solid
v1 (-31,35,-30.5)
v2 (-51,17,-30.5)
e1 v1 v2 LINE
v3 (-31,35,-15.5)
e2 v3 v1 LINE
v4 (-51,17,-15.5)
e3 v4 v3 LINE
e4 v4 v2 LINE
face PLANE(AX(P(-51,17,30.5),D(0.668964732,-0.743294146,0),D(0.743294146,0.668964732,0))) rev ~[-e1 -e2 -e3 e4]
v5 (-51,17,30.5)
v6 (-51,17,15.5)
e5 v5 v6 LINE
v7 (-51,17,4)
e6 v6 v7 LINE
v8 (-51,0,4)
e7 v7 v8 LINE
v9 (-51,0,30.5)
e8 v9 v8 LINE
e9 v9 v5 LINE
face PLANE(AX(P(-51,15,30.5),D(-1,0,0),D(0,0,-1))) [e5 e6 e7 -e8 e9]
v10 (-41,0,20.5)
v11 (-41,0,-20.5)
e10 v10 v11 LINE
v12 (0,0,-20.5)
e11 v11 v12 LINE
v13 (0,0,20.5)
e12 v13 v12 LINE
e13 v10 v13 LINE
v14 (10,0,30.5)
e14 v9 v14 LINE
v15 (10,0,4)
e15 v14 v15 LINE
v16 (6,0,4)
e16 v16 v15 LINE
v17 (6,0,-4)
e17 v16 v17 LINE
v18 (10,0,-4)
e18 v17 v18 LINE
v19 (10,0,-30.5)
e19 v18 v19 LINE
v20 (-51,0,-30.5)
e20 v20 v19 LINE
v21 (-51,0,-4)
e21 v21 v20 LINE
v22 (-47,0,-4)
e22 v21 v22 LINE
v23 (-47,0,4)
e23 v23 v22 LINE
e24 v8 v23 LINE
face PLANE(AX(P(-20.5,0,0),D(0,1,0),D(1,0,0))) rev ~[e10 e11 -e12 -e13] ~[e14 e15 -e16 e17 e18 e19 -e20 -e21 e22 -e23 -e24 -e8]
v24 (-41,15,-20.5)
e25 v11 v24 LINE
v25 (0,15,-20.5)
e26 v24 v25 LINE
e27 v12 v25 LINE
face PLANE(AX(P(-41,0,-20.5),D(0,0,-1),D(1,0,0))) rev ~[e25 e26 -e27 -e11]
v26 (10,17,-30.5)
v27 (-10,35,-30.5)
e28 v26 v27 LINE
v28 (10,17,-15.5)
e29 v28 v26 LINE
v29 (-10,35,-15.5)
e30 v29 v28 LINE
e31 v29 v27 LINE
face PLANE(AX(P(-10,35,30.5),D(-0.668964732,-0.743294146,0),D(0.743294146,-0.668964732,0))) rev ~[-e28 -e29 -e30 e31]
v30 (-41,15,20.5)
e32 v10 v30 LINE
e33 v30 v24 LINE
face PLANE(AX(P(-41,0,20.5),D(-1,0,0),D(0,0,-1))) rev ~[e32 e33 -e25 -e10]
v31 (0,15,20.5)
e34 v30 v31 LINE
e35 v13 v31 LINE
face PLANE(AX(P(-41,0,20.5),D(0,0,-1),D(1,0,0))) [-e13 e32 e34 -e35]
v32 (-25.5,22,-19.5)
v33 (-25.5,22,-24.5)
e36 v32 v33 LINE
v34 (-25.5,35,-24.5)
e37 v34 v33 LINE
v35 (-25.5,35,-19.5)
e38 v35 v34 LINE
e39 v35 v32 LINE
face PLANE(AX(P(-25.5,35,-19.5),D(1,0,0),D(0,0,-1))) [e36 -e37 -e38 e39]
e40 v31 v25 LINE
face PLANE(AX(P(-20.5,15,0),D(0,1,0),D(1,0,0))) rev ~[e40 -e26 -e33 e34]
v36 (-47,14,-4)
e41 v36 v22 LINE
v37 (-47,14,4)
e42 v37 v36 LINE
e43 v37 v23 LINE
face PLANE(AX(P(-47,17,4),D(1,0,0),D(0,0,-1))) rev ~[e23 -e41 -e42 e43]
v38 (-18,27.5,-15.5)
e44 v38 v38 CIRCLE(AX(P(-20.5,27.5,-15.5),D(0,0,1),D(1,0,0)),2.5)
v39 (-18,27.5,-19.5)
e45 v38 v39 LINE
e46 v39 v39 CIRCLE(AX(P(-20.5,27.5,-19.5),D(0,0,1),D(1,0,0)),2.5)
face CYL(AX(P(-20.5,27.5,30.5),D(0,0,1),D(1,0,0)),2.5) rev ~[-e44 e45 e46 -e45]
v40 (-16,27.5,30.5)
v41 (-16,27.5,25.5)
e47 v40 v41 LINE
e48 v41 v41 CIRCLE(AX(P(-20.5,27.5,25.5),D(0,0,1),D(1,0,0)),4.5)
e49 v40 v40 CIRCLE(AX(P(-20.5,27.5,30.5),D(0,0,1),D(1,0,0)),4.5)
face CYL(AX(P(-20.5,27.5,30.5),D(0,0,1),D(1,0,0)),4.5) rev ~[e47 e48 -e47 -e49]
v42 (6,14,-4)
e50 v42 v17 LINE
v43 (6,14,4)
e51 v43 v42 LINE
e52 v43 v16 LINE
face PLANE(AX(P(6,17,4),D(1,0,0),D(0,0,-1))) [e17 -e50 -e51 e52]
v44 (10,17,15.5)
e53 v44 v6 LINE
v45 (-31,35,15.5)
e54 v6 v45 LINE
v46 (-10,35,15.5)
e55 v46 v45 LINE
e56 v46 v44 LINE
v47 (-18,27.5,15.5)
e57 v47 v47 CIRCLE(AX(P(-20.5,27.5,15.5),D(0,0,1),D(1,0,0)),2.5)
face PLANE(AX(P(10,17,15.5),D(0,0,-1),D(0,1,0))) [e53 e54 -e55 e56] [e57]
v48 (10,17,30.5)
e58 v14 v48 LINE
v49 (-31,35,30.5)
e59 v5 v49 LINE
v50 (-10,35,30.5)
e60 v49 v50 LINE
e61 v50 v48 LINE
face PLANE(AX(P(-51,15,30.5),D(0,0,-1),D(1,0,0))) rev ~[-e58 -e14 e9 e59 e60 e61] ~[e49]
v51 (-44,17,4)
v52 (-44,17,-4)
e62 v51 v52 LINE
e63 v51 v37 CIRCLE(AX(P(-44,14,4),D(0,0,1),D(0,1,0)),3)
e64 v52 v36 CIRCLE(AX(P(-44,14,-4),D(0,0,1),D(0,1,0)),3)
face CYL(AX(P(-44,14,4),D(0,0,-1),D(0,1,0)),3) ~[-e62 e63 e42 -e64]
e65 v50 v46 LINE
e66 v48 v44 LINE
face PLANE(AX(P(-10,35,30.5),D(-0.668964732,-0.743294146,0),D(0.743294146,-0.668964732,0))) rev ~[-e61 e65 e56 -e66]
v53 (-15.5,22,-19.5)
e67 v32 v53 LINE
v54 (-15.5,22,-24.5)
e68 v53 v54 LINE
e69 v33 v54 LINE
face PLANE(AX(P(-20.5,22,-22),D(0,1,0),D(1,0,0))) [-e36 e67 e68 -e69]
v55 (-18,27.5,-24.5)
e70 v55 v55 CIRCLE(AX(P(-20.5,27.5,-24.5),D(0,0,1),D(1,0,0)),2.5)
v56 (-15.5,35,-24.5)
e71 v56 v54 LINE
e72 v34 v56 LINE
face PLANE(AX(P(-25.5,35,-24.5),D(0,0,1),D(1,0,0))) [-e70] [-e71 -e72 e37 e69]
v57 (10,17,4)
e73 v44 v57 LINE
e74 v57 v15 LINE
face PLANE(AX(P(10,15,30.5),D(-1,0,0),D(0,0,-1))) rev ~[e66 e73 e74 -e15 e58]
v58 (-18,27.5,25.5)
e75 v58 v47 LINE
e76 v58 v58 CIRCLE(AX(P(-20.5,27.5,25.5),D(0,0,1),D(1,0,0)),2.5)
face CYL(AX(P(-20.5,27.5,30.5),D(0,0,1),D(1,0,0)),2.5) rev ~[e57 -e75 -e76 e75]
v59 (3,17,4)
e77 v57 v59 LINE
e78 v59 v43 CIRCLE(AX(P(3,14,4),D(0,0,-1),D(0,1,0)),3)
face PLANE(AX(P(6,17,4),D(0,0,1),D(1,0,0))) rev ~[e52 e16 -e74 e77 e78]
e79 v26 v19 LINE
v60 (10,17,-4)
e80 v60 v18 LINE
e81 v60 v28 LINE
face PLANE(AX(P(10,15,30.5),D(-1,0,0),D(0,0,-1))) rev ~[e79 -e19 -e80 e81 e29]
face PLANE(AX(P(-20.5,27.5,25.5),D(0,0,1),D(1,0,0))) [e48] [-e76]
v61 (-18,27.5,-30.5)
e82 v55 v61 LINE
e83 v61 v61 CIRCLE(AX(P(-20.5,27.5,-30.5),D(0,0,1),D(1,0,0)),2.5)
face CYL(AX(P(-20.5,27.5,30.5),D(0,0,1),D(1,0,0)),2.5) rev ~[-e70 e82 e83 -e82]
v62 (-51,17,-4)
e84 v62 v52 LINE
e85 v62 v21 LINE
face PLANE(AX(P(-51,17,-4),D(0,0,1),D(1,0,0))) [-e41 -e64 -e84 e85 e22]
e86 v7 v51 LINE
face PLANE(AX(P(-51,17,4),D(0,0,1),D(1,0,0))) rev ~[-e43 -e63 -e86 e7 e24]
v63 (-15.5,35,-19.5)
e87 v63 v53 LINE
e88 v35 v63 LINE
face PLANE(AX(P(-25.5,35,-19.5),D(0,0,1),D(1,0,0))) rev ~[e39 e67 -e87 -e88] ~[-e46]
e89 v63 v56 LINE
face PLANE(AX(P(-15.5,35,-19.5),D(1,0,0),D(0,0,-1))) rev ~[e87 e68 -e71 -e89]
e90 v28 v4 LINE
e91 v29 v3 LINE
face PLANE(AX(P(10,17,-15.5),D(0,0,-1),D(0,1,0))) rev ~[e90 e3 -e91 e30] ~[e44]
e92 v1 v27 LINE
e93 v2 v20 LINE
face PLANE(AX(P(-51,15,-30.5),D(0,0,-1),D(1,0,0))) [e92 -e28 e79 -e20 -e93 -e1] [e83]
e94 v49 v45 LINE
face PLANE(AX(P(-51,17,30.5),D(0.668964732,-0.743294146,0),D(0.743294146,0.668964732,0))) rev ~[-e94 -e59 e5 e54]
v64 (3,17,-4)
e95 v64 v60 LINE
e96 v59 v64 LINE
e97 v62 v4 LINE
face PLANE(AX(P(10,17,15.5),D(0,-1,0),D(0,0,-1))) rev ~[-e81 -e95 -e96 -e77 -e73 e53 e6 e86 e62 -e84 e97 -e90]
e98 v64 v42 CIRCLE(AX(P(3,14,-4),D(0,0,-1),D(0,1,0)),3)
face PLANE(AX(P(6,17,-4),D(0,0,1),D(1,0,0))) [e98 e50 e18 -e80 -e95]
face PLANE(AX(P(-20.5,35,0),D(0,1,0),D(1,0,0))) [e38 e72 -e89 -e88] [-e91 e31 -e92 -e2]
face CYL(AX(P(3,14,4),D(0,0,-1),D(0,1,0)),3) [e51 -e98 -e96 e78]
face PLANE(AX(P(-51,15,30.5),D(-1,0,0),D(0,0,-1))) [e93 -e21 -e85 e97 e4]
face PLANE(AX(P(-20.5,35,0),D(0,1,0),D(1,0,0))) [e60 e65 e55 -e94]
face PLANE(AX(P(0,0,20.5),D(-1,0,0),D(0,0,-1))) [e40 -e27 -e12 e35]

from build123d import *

# Parameters (mm, degrees)
SKETCH1_W           = 61
SKETCH1_H           = 61
SKETCH1_W_2         = 41
SKETCH1_H_2         = 41
BOSS_EXTRUDE1_DEPTH = 15
SKETCH2_W           = 61
SKETCH2_H           = 61
BOSS_EXTRUDE2_DEPTH = 20
SKETCH3_R           = 2.5
CUT_EXTRUDE1_DEPTH  = 90
SKETCH5_W           = 31
SKETCH5_H           = 18
CUT_EXTRUDE2_DEPTH  = 90
SKETCH6_W           = 4
SKETCH6_H           = 8
CUT_EXTRUDE3_DEPTH  = 90
SKETCH7_R           = 4.5
CUT_EXTRUDE4_DEPTH  = 5
SKETCH8_W           = 10
SKETCH8_H           = 5
CUT_EXTRUDE5_DEPTH  = 13
FILLET1_R           = 3


with BuildPart() as part:
    # Sketch1 → Boss-Extrude1 (new body)
    with BuildSketch(Plane(origin=(0, 0, 0), x_dir=(1, 0, 0), z_dir=(0, 1, 0))):
        with Locations((-20.5, 0)):
            Rectangle(SKETCH1_W, SKETCH1_H)
        with Locations((-20.5, 0)):
            Rectangle(SKETCH1_W_2, SKETCH1_H_2, mode=Mode.SUBTRACT)
    extrude(amount=BOSS_EXTRUDE1_DEPTH)

    # Sketch2 → Boss-Extrude2 (add)
    with BuildSketch(Plane(origin=(0, 15, 0), x_dir=(1, 0, 0), z_dir=(0, 1, 0))):
        with Locations((-20.5, 0)):
            Rectangle(SKETCH2_W, SKETCH2_H)
    extrude(amount=BOSS_EXTRUDE2_DEPTH)

    # Sketch3 → Cut-Extrude1 (cut)
    with BuildSketch(Plane.XY.offset(30.5)):
        with Locations((-20.5, 27.5)):
            Circle(SKETCH3_R)
        Polygon((-51, 17), (-31, 35), (-51, 35), align=None)
        Polygon((-10, 35), (10, 17), (10, 35), align=None)
    extrude(amount=-CUT_EXTRUDE1_DEPTH, mode=Mode.SUBTRACT)

    # Sketch5 → Cut-Extrude2 (cut)
    with BuildSketch(Plane(origin=(10, 0, 0), x_dir=(0, 0, -1), z_dir=(1, 0, 0))):
        with Locations((0, 26)):
            Rectangle(SKETCH5_W, SKETCH5_H)
    extrude(amount=-CUT_EXTRUDE2_DEPTH, mode=Mode.SUBTRACT)

    # Sketch6 → Cut-Extrude3 (cut)
    with BuildSketch(Plane(origin=(0, 17, 0), x_dir=(1, 0, 0), z_dir=(0, 1, 0))):
        with Locations((-49, 0)):
            Rectangle(SKETCH6_W, SKETCH6_H)
        with Locations((8, 0)):
            Rectangle(SKETCH6_W, SKETCH6_H)
    extrude(amount=-CUT_EXTRUDE3_DEPTH, mode=Mode.SUBTRACT)

    # Sketch7 → Cut-Extrude4 (cut)
    with BuildSketch(Plane.XY.offset(30.5)):
        with Locations((-20.5, 27.5)):
            Circle(SKETCH7_R)
    extrude(amount=-CUT_EXTRUDE4_DEPTH, mode=Mode.SUBTRACT)

    # Sketch8 → Cut-Extrude5 (cut)
    with BuildSketch(Plane(origin=(0, 35, 0), x_dir=(1, 0, 0), z_dir=(0, 1, 0))):
        with Locations((-20.5, 22)):
            Rectangle(SKETCH8_W, SKETCH8_H)
    extrude(amount=-CUT_EXTRUDE5_DEPTH, mode=Mode.SUBTRACT)

    # Fillet1
    fillet1_edges = [part.edges().sort_by_distance(p)[0] for p in [
        (6, 17, 0),
        (-47, 17, 0),
    ]]
    fillet(fillet1_edges, radius=FILLET1_R)


solid = part.part
